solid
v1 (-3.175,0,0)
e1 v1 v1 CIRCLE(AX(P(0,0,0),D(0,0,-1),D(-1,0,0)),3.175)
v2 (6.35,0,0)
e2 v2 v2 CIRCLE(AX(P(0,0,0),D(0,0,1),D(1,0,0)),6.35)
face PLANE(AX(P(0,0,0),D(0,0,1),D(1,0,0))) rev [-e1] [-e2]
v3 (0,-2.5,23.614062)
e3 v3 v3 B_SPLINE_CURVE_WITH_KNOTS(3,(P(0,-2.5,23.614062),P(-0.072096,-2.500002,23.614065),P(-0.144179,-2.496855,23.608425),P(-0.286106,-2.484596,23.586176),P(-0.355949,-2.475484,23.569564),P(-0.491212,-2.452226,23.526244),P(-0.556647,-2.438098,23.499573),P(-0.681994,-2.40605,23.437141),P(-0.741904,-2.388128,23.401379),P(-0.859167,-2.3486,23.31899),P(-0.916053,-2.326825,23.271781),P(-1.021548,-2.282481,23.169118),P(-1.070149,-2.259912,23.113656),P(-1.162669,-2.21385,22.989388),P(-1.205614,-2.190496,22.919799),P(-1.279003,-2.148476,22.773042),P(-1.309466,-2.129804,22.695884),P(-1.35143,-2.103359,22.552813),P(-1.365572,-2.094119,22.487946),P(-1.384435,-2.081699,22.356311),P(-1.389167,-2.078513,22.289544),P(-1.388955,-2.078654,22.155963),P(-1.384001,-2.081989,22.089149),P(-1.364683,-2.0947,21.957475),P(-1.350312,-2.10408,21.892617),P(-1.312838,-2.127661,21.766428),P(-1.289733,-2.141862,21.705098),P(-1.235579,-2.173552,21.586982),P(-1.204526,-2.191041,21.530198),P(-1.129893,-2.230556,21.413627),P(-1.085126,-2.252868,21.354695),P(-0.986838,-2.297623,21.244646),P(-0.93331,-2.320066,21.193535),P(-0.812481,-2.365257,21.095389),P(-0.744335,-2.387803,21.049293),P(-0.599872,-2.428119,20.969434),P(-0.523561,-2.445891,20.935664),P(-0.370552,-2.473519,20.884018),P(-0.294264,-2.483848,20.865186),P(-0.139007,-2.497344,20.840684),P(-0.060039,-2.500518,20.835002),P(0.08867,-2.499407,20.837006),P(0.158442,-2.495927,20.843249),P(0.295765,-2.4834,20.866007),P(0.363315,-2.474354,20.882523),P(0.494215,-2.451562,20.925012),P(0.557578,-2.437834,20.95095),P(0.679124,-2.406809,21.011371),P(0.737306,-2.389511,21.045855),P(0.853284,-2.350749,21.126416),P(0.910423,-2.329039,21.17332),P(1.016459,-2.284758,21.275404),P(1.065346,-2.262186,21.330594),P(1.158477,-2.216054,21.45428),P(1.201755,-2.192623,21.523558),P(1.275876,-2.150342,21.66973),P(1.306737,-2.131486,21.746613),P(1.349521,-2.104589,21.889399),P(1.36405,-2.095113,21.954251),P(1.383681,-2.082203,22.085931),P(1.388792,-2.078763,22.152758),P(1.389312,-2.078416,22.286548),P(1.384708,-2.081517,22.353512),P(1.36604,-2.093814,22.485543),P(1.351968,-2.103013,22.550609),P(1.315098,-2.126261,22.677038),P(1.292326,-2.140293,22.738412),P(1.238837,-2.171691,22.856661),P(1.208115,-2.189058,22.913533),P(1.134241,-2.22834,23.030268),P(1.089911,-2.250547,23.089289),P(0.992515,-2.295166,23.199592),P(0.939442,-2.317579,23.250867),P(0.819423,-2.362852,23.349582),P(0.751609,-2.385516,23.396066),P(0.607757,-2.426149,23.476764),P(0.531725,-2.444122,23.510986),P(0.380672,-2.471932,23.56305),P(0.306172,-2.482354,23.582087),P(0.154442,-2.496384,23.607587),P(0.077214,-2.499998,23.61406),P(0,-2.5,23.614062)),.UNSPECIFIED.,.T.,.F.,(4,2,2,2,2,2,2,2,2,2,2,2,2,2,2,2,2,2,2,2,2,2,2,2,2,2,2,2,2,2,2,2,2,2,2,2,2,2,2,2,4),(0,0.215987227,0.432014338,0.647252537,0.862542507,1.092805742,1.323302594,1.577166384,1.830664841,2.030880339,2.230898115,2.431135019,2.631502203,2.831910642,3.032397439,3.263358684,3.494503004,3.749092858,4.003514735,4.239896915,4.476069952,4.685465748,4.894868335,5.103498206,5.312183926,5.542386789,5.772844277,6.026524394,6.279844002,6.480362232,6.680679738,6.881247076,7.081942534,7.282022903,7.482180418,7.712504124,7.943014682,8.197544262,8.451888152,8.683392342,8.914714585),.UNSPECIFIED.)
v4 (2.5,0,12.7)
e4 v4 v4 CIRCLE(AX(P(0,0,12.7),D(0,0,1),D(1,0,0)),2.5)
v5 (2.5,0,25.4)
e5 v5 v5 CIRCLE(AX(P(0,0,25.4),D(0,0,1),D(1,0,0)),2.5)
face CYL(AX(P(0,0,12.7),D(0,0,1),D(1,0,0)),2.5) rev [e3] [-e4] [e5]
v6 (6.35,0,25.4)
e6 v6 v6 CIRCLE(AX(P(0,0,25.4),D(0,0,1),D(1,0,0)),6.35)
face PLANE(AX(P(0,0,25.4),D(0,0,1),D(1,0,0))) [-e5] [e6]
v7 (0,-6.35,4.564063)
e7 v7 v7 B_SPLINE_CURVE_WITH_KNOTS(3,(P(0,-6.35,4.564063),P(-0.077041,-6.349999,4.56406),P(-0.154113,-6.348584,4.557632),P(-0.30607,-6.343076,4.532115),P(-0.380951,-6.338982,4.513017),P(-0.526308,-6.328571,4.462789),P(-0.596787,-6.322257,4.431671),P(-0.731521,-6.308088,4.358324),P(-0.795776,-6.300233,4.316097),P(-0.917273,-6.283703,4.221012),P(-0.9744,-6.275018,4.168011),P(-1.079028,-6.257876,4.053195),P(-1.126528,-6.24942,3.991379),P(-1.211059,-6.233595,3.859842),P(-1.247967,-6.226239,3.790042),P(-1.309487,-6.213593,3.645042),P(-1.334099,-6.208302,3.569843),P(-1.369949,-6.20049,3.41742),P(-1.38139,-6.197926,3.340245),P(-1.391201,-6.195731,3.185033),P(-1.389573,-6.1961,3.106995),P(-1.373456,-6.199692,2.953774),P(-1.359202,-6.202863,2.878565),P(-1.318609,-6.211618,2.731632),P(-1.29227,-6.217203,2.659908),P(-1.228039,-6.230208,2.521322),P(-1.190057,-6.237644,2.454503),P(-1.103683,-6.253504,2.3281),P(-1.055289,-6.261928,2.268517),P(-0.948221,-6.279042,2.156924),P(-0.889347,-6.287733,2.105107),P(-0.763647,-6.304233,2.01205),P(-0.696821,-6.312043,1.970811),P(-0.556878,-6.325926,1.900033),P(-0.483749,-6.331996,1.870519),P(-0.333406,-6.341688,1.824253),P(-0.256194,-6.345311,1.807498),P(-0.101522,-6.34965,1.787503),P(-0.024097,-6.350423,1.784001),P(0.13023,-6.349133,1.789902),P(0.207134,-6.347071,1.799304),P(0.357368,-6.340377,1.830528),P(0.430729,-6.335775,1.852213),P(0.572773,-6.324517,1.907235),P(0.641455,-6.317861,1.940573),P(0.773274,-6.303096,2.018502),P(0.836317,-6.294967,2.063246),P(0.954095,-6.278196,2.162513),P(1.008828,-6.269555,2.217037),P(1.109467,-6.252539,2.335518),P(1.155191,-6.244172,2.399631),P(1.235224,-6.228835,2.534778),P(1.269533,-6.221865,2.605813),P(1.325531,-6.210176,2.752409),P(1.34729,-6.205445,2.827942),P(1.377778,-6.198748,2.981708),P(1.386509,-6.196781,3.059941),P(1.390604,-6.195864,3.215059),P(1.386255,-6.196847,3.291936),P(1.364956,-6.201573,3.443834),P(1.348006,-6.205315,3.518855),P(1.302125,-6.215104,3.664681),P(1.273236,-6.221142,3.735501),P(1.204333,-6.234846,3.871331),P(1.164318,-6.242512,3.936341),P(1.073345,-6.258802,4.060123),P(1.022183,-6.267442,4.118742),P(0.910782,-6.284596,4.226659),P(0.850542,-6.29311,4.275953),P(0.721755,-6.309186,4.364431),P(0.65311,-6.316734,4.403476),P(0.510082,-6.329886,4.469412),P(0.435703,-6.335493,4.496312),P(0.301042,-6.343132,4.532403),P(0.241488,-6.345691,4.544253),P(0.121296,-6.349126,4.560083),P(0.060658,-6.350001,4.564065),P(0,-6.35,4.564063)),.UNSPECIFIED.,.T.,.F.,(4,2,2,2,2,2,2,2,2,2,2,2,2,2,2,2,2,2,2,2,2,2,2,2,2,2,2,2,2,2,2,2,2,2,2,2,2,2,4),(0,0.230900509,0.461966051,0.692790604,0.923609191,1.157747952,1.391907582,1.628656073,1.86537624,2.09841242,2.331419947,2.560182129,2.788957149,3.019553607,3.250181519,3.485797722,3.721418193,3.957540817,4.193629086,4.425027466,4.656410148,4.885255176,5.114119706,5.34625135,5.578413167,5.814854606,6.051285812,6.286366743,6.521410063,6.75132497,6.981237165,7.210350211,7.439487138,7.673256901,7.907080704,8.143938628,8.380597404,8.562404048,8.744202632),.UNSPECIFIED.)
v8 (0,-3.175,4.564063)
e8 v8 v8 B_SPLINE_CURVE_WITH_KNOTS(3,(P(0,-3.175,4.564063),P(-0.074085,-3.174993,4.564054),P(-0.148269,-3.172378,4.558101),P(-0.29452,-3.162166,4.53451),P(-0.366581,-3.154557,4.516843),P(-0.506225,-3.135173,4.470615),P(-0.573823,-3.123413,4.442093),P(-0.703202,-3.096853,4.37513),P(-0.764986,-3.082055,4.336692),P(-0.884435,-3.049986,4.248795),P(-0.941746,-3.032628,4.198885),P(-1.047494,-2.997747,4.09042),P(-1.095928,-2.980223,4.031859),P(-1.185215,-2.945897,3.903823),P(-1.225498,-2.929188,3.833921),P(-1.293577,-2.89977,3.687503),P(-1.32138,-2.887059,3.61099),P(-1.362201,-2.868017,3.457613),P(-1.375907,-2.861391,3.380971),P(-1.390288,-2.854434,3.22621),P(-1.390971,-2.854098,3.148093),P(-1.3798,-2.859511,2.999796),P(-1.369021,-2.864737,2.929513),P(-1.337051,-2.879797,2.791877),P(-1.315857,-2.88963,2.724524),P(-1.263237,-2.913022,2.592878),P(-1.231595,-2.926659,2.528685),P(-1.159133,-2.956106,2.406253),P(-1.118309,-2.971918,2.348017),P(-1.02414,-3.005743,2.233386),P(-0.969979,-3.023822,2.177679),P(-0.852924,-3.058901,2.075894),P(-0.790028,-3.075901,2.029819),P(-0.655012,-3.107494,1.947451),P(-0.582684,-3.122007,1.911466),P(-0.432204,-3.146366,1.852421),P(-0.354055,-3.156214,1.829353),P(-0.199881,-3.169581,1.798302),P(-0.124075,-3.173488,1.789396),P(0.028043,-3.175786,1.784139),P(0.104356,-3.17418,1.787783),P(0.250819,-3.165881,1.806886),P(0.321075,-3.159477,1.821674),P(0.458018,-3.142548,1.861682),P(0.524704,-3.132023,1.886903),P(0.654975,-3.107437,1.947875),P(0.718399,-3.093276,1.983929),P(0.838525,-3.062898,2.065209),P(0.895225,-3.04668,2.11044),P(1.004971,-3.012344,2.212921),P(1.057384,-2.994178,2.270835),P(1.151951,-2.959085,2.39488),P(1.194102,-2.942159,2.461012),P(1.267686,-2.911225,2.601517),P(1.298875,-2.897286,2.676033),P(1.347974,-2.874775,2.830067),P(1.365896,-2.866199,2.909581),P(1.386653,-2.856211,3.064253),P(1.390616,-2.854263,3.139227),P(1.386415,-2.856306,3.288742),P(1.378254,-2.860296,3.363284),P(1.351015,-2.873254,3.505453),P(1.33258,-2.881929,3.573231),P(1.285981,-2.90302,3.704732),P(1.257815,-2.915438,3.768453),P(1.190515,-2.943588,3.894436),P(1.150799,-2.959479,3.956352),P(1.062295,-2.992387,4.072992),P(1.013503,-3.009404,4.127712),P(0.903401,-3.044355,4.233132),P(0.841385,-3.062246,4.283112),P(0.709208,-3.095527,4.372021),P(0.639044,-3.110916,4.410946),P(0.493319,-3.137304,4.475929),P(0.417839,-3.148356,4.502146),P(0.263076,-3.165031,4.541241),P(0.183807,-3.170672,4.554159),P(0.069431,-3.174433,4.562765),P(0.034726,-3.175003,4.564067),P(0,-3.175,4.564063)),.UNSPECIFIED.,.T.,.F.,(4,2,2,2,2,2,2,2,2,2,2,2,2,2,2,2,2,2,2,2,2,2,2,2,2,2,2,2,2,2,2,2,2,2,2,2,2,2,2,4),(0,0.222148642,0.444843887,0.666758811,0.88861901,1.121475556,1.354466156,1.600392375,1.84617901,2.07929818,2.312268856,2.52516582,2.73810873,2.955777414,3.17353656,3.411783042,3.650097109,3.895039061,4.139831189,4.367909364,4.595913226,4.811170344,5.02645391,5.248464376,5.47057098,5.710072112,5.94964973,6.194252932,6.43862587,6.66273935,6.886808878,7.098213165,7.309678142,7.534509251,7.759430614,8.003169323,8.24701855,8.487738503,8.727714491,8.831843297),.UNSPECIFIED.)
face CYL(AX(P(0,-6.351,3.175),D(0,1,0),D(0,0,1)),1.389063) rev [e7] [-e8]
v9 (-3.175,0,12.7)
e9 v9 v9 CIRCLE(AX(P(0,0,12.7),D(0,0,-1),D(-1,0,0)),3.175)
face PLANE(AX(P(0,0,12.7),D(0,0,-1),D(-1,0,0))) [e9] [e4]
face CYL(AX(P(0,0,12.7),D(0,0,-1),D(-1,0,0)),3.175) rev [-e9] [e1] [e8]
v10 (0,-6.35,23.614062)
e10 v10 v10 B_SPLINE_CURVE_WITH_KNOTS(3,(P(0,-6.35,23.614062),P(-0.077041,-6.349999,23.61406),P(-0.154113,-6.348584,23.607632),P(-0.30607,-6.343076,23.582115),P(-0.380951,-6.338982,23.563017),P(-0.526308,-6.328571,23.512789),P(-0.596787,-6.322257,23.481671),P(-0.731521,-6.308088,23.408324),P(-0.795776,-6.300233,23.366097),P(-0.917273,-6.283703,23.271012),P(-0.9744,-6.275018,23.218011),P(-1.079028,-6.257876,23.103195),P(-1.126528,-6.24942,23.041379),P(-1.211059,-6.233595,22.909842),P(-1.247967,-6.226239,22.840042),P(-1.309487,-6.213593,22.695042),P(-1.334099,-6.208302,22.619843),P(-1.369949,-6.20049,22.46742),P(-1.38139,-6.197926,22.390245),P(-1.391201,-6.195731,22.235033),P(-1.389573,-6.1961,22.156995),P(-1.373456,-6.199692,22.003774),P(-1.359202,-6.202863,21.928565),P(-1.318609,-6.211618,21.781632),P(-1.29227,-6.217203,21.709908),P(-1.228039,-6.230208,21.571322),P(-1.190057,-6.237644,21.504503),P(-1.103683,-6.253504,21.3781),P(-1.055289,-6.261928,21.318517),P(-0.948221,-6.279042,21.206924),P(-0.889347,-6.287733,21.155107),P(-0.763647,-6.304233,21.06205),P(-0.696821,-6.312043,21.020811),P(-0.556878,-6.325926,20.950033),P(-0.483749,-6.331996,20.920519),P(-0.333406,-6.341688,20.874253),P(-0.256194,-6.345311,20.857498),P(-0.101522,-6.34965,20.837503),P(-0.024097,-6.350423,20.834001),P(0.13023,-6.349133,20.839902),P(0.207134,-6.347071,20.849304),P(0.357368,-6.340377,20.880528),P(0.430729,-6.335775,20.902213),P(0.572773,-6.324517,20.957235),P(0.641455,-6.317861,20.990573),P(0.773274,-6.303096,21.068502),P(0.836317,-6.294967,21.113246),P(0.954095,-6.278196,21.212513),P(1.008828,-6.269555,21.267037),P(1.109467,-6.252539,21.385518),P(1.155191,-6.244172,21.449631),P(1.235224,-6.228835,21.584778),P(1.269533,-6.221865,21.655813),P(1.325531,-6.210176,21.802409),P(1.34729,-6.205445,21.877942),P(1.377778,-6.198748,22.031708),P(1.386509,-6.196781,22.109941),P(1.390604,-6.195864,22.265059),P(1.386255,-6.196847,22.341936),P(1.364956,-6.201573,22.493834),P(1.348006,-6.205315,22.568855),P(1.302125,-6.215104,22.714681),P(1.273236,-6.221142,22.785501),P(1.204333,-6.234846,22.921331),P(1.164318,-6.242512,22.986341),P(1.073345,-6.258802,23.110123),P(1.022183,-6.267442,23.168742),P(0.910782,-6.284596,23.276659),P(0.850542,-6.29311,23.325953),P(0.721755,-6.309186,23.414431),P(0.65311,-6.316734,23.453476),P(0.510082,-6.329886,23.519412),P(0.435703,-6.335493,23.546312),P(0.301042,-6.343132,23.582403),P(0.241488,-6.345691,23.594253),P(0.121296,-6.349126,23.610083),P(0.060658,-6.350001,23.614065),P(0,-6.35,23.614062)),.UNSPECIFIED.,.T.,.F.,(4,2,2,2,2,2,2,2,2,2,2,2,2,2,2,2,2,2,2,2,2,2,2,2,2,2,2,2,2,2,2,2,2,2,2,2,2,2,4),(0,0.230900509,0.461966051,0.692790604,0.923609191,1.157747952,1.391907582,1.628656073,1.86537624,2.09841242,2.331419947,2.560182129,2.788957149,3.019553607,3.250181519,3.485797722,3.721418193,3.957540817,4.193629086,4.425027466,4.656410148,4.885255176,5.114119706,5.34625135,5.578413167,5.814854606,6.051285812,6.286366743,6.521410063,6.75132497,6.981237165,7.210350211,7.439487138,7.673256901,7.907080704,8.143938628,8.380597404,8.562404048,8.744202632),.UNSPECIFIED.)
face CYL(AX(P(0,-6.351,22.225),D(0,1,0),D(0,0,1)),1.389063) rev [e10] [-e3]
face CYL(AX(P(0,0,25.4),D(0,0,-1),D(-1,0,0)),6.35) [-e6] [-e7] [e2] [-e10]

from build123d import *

# Parameters (mm, degrees)
SKETCH1_R               = 6.35
BOSS_EXTRUDE1_DEPTH     = 25.4
SKETCH2_R               = 2.5
CUT_EXTRUDE1_DEPTH      = 12.7
SKETCH3_R               = 3.175
CUT_EXTRUDE2_DEPTH      = 12.7
CUT_EXTRUDE4_REACH      = 28.941
CUT_EXTRUDE4_END_RADIUS = 6.35
SKETCH4_R               = 1.3890625


with BuildPart() as part:
    # Sketch1 → Boss-Extrude1 (new body)
    with BuildSketch(Plane.XY):
        Circle(SKETCH1_R)
    extrude(amount=BOSS_EXTRUDE1_DEPTH)

    # Sketch2 → Cut-Extrude1 (cut)
    with BuildSketch(Plane.XY.offset(25.4)):
        Circle(SKETCH2_R)
    extrude(amount=-CUT_EXTRUDE1_DEPTH, mode=Mode.SUBTRACT)

    # Sketch3 → Cut-Extrude2 (cut)
    with BuildSketch(Plane(origin=(0, 0, 0), x_dir=(-1, 0, 0), z_dir=(0, 0, -1))):
        Circle(SKETCH3_R)
    extrude(amount=-CUT_EXTRUDE2_DEPTH, mode=Mode.SUBTRACT)

    # Cut-Extrude4: up to this cylinder (the profile starts inside it)
    cut_extrude4_end = Plane(origin=(0, 0, 12.7), z_dir=(0, 0, -1)) * Cylinder(CUT_EXTRUDE4_END_RADIUS, 90.632, mode=Mode.PRIVATE)
    # Sketch4 → Cut-Extrude4 (cut, up to the surface)
    with BuildSketch(Plane(origin=(0, 0, 0), x_dir=(1, 0, 0), z_dir=(0, 1, 0)), mode=Mode.PRIVATE) as cut_extrude4_sk1:
        with Locations(Location((0, -22.225, 0), (0, 0, 270))):
            Circle(SKETCH4_R)
    cut_extrude4_tool1 = extrude(cut_extrude4_sk1.sketch, amount=-CUT_EXTRUDE4_REACH, mode=Mode.PRIVATE) & cut_extrude4_end
    add(cut_extrude4_tool1.solids().sort_by_distance((0, 0, 22.225))[0], mode=Mode.SUBTRACT)
    # Sketch4 → Cut-Extrude4 (cut, up to the surface)
    with BuildSketch(Plane(origin=(0, 0, 0), x_dir=(1, 0, 0), z_dir=(0, 1, 0)), mode=Mode.PRIVATE) as cut_extrude4_sk2:
        with Locations(Location((0, -3.175, 0), (0, 0, 270))):
            Circle(SKETCH4_R)
    cut_extrude4_tool2 = extrude(cut_extrude4_sk2.sketch, amount=-CUT_EXTRUDE4_REACH, mode=Mode.PRIVATE) & cut_extrude4_end
    add(cut_extrude4_tool2.solids().sort_by_distance((0, 0, 3.175))[0], mode=Mode.SUBTRACT)


solid = part.part
